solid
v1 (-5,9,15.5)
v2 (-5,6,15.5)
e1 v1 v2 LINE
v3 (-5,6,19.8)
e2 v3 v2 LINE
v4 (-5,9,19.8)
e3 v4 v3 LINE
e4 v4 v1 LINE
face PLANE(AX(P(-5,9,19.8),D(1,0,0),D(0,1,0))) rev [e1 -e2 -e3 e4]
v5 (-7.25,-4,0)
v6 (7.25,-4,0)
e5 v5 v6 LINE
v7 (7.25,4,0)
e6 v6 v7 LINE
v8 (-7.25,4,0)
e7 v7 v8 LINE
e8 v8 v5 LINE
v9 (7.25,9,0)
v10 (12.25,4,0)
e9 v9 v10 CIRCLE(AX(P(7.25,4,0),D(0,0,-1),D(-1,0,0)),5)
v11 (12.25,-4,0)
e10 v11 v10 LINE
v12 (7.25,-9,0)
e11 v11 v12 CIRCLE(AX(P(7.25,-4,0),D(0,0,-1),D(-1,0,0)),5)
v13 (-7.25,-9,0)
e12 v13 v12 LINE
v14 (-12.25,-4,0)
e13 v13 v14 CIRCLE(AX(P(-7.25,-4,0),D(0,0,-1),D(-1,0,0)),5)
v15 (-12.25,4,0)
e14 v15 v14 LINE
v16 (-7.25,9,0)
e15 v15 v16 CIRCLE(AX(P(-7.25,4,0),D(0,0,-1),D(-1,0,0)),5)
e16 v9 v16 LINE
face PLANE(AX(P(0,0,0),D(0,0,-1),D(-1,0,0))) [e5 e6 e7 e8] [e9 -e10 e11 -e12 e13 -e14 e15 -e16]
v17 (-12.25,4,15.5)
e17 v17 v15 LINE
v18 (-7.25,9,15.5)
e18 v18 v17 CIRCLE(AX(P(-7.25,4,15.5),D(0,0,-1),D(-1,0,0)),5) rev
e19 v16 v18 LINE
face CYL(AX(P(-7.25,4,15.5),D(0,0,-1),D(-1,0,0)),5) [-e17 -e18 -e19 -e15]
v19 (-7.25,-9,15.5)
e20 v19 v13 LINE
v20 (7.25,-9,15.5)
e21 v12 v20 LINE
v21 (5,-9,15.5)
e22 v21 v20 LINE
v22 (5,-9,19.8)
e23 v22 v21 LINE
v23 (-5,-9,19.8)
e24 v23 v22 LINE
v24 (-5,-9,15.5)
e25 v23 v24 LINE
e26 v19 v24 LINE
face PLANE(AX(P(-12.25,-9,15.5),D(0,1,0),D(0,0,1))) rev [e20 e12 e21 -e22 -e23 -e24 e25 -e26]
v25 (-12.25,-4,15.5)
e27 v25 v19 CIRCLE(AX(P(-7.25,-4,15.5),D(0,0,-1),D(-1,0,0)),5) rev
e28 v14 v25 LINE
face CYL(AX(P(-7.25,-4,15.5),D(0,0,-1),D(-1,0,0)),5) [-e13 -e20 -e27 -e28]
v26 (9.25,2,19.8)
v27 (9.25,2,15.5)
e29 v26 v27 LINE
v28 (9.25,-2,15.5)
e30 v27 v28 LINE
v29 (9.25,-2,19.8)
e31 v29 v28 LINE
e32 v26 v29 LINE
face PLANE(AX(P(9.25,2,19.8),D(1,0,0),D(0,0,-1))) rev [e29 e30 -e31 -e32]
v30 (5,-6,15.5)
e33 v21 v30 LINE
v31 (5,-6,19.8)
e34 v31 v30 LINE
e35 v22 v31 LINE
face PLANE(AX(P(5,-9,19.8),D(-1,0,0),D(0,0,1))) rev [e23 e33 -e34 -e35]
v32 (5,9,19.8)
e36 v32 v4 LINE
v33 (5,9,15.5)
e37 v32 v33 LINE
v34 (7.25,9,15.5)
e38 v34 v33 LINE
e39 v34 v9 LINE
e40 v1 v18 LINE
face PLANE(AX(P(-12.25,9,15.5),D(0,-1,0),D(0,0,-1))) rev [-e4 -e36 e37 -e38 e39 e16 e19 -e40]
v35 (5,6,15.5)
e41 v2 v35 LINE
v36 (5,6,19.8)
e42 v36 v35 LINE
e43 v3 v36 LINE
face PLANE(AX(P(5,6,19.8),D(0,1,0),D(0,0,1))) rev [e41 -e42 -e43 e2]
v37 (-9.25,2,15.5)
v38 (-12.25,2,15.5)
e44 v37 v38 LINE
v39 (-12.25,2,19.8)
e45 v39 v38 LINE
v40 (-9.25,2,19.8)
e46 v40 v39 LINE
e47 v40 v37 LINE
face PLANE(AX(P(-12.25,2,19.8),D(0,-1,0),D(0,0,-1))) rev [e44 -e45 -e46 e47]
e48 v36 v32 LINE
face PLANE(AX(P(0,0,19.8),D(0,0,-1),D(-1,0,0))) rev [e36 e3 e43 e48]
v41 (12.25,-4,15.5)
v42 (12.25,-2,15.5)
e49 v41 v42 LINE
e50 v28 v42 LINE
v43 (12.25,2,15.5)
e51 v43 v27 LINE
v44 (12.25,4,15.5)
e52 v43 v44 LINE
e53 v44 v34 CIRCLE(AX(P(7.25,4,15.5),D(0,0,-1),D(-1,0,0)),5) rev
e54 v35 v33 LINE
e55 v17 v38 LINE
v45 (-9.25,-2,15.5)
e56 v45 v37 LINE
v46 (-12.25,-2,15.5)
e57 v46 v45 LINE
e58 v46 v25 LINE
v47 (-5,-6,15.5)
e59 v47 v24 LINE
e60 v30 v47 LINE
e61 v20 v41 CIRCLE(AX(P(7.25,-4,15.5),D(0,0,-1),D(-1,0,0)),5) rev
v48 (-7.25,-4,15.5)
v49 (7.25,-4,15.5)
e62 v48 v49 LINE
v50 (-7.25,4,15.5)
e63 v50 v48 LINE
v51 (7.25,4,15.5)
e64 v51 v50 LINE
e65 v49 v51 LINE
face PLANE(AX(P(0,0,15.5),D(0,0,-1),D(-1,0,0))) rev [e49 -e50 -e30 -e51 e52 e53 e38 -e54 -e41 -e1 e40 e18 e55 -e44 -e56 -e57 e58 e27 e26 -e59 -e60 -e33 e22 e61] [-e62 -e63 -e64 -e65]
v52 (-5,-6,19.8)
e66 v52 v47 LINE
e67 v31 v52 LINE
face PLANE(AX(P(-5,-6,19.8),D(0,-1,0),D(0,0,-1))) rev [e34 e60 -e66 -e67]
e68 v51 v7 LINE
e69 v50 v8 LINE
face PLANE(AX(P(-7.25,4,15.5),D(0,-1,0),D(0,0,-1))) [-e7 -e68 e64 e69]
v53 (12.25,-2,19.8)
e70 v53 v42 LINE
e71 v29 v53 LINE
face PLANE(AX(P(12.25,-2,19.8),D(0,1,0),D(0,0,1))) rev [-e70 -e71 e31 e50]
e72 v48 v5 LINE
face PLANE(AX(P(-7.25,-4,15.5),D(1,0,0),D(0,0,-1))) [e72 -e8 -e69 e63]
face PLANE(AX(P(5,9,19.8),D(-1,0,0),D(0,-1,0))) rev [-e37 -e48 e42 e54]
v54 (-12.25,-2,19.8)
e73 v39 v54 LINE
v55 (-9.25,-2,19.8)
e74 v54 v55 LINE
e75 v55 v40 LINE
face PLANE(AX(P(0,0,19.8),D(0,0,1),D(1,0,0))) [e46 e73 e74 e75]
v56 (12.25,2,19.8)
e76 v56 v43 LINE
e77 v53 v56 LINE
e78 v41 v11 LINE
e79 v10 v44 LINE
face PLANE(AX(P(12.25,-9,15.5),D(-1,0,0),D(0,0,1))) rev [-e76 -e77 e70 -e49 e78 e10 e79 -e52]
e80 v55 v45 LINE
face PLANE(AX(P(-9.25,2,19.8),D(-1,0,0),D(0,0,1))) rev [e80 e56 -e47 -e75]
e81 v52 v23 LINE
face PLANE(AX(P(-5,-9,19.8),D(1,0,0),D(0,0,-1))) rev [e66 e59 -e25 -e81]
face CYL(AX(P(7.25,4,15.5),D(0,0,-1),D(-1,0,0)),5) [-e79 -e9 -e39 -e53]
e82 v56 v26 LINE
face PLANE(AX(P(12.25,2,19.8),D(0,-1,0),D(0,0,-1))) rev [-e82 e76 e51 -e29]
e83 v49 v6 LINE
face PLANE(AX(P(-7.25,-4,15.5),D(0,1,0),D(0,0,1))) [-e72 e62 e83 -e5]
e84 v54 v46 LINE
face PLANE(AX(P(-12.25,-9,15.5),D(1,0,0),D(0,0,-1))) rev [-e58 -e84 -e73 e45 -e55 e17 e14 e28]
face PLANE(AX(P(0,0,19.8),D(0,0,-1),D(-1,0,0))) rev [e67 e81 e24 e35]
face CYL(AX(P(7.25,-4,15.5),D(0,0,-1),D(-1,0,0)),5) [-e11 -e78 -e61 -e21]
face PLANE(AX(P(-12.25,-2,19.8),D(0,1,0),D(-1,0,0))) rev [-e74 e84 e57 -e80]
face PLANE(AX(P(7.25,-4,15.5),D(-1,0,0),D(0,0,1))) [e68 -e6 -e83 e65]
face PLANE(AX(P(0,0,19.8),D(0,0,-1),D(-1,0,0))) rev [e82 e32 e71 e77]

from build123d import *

# Parameters (mm, degrees)
SKETCH1_W           = 24.5
SKETCH1_H           = 18
SKETCH1_W_2         = 14.5
SKETCH1_H_2         = 8
BOSS_EXTRUDE1_DEPTH = 15.5
FILLET1_R           = 5
SKETCH3_W           = 10
SKETCH3_H           = 3
SKETCH3_W_2         = 3
SKETCH3_H_2         = 4
BOSS_EXTRUDE2_DEPTH = 4.3


with BuildPart() as part:
    # Sketch1 → Boss-Extrude1 (new body)
    with BuildSketch(Plane.XY):
        Rectangle(SKETCH1_W, SKETCH1_H)
        Rectangle(SKETCH1_W_2, SKETCH1_H_2, mode=Mode.SUBTRACT)
    extrude(amount=BOSS_EXTRUDE1_DEPTH)

    # Fillet1
    fillet1_edges = [part.edges().sort_by_distance(p)[0] for p in [
        (-12.25, 9, 7.75),
        (12.25, 9, 7.75),
        (12.25, -9, 7.75),
        (-12.25, -9, 7.75),
    ]]
    fillet(fillet1_edges, radius=FILLET1_R)

    # Sketch3 → Boss-Extrude2 (add)
    with BuildSketch(Plane.XY.offset(15.5)):
        with Locations((0, -7.5)):
            Rectangle(SKETCH3_W, SKETCH3_H)
        with Locations((0, 7.5)):
            Rectangle(SKETCH3_W, SKETCH3_H)
        with Locations((-10.75, 0)):
            Rectangle(SKETCH3_W_2, SKETCH3_H_2)
        with Locations((10.75, 0)):
            Rectangle(SKETCH3_W_2, SKETCH3_H_2)
    extrude(amount=BOSS_EXTRUDE2_DEPTH)


solid = part.part
